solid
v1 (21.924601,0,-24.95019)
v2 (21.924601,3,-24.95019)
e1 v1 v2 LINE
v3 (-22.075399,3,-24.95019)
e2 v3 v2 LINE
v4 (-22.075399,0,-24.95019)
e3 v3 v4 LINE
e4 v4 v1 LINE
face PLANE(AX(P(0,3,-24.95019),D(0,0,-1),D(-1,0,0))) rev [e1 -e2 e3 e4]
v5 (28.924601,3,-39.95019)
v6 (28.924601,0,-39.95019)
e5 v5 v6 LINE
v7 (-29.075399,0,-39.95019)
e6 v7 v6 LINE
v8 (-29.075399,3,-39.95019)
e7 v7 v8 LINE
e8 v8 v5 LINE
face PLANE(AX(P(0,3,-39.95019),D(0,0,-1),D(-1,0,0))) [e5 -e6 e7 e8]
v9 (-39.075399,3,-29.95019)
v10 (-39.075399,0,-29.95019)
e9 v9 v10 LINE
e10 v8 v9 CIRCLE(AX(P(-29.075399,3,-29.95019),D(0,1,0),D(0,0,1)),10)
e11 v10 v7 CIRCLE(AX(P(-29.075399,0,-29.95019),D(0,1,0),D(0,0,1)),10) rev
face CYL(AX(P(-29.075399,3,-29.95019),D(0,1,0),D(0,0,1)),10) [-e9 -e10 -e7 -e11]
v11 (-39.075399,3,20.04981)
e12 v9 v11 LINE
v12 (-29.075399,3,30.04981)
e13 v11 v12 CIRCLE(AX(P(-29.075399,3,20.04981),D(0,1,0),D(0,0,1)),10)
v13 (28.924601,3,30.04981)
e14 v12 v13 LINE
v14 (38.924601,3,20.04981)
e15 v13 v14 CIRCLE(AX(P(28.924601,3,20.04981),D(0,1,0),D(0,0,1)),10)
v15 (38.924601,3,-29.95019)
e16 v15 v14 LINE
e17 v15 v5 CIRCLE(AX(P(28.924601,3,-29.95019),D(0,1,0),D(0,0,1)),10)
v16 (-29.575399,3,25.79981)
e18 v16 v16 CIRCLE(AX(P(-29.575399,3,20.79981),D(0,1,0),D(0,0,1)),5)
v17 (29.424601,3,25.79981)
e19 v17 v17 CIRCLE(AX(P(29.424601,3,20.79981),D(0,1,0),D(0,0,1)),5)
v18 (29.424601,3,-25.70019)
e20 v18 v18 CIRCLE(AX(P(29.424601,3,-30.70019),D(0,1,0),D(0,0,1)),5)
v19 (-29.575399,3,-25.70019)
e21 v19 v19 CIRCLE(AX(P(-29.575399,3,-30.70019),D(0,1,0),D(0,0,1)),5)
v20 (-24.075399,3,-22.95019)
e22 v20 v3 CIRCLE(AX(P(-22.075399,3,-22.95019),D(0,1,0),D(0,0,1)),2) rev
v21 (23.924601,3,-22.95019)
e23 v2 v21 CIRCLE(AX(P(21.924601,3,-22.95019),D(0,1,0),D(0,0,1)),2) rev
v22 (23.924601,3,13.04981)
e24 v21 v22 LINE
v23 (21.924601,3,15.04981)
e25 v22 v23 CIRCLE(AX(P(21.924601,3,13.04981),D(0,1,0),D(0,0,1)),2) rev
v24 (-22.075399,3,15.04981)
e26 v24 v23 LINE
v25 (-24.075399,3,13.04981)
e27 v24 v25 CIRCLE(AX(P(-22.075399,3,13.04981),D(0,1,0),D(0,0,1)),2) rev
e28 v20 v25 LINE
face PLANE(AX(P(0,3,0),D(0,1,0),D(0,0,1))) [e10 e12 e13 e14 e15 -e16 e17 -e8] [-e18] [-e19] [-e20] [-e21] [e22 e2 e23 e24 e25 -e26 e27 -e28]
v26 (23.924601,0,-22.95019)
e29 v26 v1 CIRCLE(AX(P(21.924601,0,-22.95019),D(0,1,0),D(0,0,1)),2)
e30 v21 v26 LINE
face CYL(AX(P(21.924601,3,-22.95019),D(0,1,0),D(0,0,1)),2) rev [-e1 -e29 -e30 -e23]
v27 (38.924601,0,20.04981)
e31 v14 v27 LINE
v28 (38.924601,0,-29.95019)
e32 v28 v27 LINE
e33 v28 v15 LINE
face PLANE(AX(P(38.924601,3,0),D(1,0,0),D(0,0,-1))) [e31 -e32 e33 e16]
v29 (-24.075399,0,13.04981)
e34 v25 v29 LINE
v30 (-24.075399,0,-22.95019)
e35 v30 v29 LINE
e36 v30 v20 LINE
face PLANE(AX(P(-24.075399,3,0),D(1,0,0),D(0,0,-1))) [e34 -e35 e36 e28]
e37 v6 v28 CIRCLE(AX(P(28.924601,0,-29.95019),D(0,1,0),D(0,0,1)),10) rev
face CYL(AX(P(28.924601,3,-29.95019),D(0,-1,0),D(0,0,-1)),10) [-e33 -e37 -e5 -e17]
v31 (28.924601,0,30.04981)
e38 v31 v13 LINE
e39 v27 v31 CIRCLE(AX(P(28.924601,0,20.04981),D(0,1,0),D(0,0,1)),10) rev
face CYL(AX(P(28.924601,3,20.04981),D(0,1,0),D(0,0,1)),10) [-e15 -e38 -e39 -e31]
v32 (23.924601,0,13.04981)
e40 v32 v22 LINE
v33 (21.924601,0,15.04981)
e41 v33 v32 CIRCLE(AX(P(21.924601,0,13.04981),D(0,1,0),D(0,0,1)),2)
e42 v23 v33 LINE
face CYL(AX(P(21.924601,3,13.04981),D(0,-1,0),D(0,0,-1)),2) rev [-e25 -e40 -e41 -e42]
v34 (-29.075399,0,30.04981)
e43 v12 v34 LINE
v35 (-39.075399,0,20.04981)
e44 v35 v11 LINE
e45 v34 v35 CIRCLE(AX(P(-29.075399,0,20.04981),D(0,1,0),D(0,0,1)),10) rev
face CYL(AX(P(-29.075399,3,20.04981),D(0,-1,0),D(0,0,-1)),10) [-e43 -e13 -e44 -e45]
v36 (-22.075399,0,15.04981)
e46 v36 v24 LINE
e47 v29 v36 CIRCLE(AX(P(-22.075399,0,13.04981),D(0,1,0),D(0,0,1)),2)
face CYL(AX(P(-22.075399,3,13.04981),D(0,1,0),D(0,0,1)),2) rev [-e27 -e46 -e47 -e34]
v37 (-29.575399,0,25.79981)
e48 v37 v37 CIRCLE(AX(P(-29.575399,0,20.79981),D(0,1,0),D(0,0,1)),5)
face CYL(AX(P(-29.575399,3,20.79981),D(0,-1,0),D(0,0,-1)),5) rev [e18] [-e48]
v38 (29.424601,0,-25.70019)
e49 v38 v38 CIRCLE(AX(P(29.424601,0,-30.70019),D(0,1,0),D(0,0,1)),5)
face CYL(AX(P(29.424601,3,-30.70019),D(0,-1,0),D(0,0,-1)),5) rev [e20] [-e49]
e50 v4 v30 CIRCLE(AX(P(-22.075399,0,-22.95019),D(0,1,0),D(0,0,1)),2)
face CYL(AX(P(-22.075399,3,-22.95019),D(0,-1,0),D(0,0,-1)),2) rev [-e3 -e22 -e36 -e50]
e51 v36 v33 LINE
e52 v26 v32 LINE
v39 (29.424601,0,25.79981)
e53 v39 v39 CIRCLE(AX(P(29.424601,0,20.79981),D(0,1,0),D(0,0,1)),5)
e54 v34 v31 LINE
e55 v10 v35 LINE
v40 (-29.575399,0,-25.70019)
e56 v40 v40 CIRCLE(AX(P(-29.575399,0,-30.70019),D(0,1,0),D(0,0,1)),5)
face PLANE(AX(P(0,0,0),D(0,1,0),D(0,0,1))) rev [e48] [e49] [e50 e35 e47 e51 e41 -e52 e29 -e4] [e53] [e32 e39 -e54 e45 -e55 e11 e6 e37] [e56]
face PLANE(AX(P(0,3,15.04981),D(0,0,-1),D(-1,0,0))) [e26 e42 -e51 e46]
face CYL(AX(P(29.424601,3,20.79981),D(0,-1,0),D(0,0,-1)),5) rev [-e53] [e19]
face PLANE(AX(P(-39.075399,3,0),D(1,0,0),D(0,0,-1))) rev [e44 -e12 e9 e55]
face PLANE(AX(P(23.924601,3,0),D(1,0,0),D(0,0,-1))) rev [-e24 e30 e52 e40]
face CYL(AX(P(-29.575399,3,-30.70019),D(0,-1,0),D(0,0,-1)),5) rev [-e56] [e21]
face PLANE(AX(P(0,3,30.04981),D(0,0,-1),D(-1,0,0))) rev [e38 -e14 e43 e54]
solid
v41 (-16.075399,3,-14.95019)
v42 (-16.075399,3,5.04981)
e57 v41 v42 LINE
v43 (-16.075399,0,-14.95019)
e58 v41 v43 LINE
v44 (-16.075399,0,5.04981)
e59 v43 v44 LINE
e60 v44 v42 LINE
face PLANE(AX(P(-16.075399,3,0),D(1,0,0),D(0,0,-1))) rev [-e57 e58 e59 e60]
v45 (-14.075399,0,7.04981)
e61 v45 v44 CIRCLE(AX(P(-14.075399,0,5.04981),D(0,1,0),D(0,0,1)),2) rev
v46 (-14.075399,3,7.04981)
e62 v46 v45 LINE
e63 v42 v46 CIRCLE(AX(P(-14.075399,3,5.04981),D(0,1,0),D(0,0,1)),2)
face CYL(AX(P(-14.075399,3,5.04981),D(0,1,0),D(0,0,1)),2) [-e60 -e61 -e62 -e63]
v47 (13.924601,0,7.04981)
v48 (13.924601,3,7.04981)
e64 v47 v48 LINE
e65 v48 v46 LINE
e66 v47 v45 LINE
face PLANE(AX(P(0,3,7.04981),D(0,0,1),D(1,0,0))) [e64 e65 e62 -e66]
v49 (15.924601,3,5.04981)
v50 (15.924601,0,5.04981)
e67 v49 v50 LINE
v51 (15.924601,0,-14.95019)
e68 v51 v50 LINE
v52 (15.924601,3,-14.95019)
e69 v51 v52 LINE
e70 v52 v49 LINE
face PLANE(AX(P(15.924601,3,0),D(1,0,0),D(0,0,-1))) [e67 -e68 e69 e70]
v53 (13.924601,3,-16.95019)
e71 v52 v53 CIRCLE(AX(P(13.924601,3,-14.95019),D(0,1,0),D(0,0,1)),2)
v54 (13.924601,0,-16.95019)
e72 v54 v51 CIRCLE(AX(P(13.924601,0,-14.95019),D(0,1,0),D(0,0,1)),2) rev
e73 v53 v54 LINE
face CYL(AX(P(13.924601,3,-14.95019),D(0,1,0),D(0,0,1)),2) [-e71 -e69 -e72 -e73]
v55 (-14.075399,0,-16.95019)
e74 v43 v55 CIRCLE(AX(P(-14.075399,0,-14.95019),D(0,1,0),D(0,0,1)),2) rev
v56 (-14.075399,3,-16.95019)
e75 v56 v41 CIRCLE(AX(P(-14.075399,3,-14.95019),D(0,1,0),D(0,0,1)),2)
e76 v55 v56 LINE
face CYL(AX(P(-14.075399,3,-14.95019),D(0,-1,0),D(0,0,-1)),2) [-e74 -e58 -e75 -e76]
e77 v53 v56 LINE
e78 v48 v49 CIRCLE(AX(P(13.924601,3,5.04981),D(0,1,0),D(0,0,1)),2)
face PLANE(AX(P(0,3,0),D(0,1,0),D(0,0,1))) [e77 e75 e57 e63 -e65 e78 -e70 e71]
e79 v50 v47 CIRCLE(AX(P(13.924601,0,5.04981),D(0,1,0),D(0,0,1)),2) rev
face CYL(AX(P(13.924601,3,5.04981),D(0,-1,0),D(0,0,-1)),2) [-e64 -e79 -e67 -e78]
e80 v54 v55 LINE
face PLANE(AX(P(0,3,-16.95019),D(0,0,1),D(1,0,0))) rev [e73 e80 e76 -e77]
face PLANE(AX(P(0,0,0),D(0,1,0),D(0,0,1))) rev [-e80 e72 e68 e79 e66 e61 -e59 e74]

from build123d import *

# Parameters (mm, degrees)
SKETCH1_W             = 32
SKETCH1_H             = 24
BOSS_EXTRUDE1_DEPTH   = 3
SKETCH1_W_2           = 78
SKETCH1_H_2           = 70
SKETCH1_R             = 5
SKETCH1_W_3           = 48
SKETCH1_H_3           = 40
BOSS_EXTRUDE1_2_DEPTH = 3
FILLET1_R             = 2
FILLET2_R             = 10
FILLET3_R             = 2


with BuildPart() as part:
    # Sketch1 → Boss-Extrude1 (new body)
    with BuildSketch(Plane(origin=(0, 0, 0), x_dir=(1, 0, 0), z_dir=(0, 1, 0))):
        with Locations((-0.075399098, 4.950190099)):
            Rectangle(SKETCH1_W, SKETCH1_H)
    extrude(amount=BOSS_EXTRUDE1_DEPTH)

    # Fillet3
    fillet3_edges = [part.edges().sort_by_distance(p)[0] for p in [
        (15.924600902, 1.5, -16.950190099),
        (15.924600902, 1.5, 7.049809901),
        (-16.075399098, 1.5, 7.049809901),
        (-16.075399098, 1.5, -16.950190099),
    ]]
    fillet(fillet3_edges, radius=FILLET3_R)


with BuildPart() as body_2:
    # Sketch1 → Boss-Extrude1 2 (new body)
    with BuildSketch(Plane(origin=(0, 0, 0), x_dir=(1, 0, 0), z_dir=(0, 1, 0))):
        with Locations((-0.075399098, 4.950190099)):
            Rectangle(SKETCH1_W_2, SKETCH1_H_2)
        with Locations(Location((-29.575399098, -20.799809901, 0), (0, 0, 270))):
            Circle(SKETCH1_R, mode=Mode.SUBTRACT)
        with Locations(Location((-29.575399098, 30.700190099, 0), (0, 0, 270))):
            Circle(SKETCH1_R, mode=Mode.SUBTRACT)
        with Locations(Location((29.424600902, 30.700190099, 0), (0, 0, 270))):
            Circle(SKETCH1_R, mode=Mode.SUBTRACT)
        with Locations(Location((29.424600902, -20.799809901, 0), (0, 0, 270))):
            Circle(SKETCH1_R, mode=Mode.SUBTRACT)
        with Locations((-0.075399098, 4.950190099)):
            Rectangle(SKETCH1_W_3, SKETCH1_H_3, mode=Mode.SUBTRACT)
    extrude(amount=BOSS_EXTRUDE1_2_DEPTH)

    # Fillet1
    fillet1_edges = [body_2.edges().sort_by_distance(p)[0] for p in [
        (-24.075399098, 1.5, -24.950190099),
        (-24.075399098, 1.5, 15.049809901),
        (23.924600902, 1.5, 15.049809901),
        (23.924600902, 1.5, -24.950190099),
    ]]
    fillet(fillet1_edges, radius=FILLET1_R)

    # Fillet2
    fillet2_edges = [body_2.edges().sort_by_distance(p)[0] for p in [
        (38.924600902, 1.5, 30.049809901),
        (-39.075399098, 1.5, 30.049809901),
        (-39.075399098, 1.5, -39.950190099),
        (38.924600902, 1.5, -39.950190099),
    ]]
    fillet(fillet2_edges, radius=FILLET2_R)


solid = Compound([part.part, body_2.part])
